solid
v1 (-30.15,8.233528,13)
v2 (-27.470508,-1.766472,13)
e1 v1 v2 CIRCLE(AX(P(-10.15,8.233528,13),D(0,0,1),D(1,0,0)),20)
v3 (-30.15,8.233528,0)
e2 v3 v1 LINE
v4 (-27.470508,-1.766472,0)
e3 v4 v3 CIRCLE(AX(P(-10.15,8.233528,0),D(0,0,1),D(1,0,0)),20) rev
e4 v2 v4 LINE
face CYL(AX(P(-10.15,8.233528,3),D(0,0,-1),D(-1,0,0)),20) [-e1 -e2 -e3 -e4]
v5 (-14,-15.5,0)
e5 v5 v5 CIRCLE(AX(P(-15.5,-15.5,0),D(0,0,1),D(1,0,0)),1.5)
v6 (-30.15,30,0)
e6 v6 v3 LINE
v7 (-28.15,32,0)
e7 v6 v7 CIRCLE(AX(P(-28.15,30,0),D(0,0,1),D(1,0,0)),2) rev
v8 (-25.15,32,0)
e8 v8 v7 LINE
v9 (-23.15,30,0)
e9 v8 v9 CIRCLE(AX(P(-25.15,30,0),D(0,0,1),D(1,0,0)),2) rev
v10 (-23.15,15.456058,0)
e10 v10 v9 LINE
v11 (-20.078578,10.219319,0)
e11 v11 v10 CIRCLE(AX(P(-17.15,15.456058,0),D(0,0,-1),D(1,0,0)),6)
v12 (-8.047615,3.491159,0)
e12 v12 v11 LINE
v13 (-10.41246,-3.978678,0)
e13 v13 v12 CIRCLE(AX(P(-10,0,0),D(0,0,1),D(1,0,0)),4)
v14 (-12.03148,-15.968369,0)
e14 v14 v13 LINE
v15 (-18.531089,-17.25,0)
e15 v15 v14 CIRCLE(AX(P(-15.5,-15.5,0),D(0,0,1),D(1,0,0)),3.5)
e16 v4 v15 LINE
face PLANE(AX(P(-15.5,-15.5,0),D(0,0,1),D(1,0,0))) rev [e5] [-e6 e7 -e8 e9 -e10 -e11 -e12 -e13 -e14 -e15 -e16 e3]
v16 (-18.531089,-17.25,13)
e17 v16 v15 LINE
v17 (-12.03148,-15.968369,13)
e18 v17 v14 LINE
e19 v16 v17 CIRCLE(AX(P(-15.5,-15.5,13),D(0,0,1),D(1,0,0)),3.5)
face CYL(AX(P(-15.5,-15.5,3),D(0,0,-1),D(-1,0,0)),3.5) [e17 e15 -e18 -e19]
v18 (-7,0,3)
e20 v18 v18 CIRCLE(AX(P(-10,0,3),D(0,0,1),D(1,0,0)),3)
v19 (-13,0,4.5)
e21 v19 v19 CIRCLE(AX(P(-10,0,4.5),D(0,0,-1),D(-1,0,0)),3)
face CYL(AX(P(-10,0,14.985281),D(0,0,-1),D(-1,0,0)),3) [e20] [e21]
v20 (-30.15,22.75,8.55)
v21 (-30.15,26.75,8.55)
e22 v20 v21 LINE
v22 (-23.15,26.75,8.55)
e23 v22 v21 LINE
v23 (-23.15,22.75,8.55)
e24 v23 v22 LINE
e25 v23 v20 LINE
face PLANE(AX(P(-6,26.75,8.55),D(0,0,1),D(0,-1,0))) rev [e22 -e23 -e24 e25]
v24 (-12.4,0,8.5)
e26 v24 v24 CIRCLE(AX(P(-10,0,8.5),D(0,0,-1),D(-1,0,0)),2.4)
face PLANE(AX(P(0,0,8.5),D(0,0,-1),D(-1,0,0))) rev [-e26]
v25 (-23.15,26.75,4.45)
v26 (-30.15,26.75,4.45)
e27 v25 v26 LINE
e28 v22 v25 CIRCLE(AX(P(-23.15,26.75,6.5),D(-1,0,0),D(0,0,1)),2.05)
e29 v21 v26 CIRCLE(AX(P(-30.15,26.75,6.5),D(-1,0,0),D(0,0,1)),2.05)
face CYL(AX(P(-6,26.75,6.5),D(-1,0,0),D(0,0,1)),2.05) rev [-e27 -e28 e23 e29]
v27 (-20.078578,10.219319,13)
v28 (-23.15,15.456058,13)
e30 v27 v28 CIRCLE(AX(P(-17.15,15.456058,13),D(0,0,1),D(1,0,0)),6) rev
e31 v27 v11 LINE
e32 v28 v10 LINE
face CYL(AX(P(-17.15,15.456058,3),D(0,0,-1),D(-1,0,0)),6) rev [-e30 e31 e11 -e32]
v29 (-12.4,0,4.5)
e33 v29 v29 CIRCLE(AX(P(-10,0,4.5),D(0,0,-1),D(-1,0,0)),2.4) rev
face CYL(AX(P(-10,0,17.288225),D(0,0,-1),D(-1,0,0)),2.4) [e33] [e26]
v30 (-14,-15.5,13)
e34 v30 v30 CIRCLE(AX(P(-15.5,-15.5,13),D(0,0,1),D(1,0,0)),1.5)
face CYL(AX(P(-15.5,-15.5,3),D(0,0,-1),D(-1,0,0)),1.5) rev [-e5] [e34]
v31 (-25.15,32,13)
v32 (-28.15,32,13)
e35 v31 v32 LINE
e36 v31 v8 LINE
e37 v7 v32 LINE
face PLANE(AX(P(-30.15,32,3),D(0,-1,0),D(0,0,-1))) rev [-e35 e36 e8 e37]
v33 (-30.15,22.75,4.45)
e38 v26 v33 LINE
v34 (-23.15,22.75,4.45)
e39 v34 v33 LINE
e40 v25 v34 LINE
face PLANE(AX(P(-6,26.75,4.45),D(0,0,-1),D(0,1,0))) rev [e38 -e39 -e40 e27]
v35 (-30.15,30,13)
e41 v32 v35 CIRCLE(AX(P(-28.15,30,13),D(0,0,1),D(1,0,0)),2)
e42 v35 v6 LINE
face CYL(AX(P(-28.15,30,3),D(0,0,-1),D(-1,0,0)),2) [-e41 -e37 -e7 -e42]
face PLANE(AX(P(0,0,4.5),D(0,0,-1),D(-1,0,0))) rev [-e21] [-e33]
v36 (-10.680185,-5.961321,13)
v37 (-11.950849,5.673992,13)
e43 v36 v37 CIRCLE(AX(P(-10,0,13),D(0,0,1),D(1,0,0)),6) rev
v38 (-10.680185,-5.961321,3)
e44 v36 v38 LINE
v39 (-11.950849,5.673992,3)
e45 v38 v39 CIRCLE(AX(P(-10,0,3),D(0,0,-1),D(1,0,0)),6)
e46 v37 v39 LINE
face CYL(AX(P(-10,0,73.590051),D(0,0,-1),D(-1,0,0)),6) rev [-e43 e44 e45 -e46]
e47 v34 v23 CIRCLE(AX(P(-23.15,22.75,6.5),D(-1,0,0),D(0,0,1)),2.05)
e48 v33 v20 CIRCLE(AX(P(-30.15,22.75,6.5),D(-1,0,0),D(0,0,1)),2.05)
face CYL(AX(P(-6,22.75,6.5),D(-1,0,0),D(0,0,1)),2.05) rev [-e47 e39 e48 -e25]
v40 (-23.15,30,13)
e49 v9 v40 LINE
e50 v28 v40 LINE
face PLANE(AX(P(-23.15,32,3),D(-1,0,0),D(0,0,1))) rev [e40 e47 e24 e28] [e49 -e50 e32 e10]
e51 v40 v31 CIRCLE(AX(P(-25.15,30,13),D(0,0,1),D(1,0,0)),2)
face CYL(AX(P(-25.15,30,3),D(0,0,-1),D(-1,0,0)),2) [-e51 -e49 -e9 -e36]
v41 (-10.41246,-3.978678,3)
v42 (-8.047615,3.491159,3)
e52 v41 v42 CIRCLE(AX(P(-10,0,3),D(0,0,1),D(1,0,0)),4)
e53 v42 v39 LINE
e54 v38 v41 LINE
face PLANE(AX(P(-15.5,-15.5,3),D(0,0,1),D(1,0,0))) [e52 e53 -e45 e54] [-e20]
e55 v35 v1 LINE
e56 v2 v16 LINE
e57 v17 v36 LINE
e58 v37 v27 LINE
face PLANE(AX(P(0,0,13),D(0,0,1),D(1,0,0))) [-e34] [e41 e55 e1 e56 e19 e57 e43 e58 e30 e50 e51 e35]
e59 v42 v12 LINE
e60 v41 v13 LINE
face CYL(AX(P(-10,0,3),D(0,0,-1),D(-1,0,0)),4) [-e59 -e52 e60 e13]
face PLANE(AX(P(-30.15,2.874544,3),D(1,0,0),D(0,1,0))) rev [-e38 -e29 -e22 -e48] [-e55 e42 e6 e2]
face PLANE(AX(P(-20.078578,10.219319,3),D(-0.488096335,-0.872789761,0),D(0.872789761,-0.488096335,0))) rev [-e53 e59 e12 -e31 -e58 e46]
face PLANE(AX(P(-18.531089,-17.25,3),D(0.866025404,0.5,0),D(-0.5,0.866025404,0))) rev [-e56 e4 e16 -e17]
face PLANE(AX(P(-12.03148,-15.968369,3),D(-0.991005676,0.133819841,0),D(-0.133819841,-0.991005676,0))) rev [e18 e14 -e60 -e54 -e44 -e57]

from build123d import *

# Parameters (mm, degrees)
SKETCH1_R           = 1.5
BOSS_EXTRUDE1_DEPTH = 3
SKETCH2_R           = 3
BOSS_EXTRUDE2_DEPTH = 1.5
SKETCH3_R           = 2.4
BOSS_EXTRUDE3_DEPTH = 4
SKETCH4_R           = 1.5
BOSS_EXTRUDE4_DEPTH = 10
FILLET1_R           = 20
FILLET2_R           = 2
CUT_EXTRUDE1_DEPTH  = 25.15


with BuildPart() as part:
    # Sketch1 → Boss-Extrude1 (new body)
    with BuildSketch(Plane.XY):
        with BuildLine():
            Line((-12.031480134, -15.968369445), (-10.412459505, -3.978677815))
            ThreePointArc((-10.412459505, -3.978677815), (-6.186542438, -1.207286803), (-8.04761466, 3.491159046))
            Line((-8.04761466, 3.491159046), (-20.07857801, 10.219318997))
            ThreePointArc((-20.07857801, 10.219318997), (-22.325493603, 12.420556624), (-23.15, 15.456057566))
            Line((-23.15, 15.456057566), (-23.15, 32))
            Line((-23.15, 32), (-30.15, 32))
            Line((-30.15, 32), (-30.15, 2.874544331))
            Line((-30.15, 2.874544331), (-18.531088913, -17.25))
            ThreePointArc((-18.531088913, -17.25), (-14.822887986, -18.933878175), (-12.031480134, -15.968369445))
        make_face()
        with Locations((-15.5, -15.5)):
            Circle(SKETCH1_R, mode=Mode.SUBTRACT)
    extrude(amount=BOSS_EXTRUDE1_DEPTH)

    # Sketch2 → Boss-Extrude2 (add)
    with BuildSketch(Plane.XY.offset(3)):
        with Locations((-10, 0)):
            Circle(SKETCH2_R)
    extrude(amount=BOSS_EXTRUDE2_DEPTH)

    # Sketch3 → Boss-Extrude3 (add)
    with BuildSketch(Plane.XY.offset(4.5)):
        with Locations((-10, 0)):
            Circle(SKETCH3_R)
    extrude(amount=BOSS_EXTRUDE3_DEPTH)

    # Sketch4 → Boss-Extrude4 (add)
    with BuildSketch(Plane.XY.offset(3)):
        with BuildLine():
            Line((-12.031480134, -15.968369445), (-10.680184518, -5.96132108))
            ThreePointArc((-10.680184518, -5.96132108), (-15.964537986, -0.651372866), (-11.950849133, 5.673992215))
            Line((-11.950849133, 5.673992215), (-20.07857801, 10.219318997))
            ThreePointArc((-20.07857801, 10.219318997), (-22.325493603, 12.420556624), (-23.15, 15.456057566))
            Line((-23.15, 15.456057566), (-23.15, 32))
            Line((-23.15, 32), (-30.15, 32))
            Line((-30.15, 32), (-30.15, 2.874544331))
            Line((-30.15, 2.874544331), (-18.531088913, -17.25))
            ThreePointArc((-18.531088913, -17.25), (-14.822887986, -18.933878175), (-12.031480134, -15.968369445))
        make_face()
        with Locations((-15.5, -15.5)):
            Circle(SKETCH4_R, mode=Mode.SUBTRACT)
    extrude(amount=BOSS_EXTRUDE4_DEPTH)

    # Fillet1
    fillet1_edges = [part.edges().sort_by_distance(p)[0] for p in [
        (-30.15, 2.874544331, 6.5),
    ]]
    fillet(fillet1_edges, radius=FILLET1_R)

    # Fillet2
    fillet2_edges = [part.edges().sort_by_distance(p)[0] for p in [
        (-30.15, 32, 6.5),
        (-23.15, 32, 6.5),
    ]]
    fillet(fillet2_edges, radius=FILLET2_R)

    # Sketch5 → Cut-Extrude1 (cut, through all)
    with BuildSketch(Plane.ZY.offset(30.15)):
        with BuildLine():
            Line((8.55, 26.75), (8.55, 22.75))
            ThreePointArc((8.55, 22.75), (6.5, 20.7), (4.45, 22.75))
            Line((4.45, 22.75), (4.45, 26.75))
            ThreePointArc((4.45, 26.75), (6.5, 28.8), (8.55, 26.75))
        make_face()
    extrude(amount=-CUT_EXTRUDE1_DEPTH, mode=Mode.SUBTRACT)


solid = part.part
